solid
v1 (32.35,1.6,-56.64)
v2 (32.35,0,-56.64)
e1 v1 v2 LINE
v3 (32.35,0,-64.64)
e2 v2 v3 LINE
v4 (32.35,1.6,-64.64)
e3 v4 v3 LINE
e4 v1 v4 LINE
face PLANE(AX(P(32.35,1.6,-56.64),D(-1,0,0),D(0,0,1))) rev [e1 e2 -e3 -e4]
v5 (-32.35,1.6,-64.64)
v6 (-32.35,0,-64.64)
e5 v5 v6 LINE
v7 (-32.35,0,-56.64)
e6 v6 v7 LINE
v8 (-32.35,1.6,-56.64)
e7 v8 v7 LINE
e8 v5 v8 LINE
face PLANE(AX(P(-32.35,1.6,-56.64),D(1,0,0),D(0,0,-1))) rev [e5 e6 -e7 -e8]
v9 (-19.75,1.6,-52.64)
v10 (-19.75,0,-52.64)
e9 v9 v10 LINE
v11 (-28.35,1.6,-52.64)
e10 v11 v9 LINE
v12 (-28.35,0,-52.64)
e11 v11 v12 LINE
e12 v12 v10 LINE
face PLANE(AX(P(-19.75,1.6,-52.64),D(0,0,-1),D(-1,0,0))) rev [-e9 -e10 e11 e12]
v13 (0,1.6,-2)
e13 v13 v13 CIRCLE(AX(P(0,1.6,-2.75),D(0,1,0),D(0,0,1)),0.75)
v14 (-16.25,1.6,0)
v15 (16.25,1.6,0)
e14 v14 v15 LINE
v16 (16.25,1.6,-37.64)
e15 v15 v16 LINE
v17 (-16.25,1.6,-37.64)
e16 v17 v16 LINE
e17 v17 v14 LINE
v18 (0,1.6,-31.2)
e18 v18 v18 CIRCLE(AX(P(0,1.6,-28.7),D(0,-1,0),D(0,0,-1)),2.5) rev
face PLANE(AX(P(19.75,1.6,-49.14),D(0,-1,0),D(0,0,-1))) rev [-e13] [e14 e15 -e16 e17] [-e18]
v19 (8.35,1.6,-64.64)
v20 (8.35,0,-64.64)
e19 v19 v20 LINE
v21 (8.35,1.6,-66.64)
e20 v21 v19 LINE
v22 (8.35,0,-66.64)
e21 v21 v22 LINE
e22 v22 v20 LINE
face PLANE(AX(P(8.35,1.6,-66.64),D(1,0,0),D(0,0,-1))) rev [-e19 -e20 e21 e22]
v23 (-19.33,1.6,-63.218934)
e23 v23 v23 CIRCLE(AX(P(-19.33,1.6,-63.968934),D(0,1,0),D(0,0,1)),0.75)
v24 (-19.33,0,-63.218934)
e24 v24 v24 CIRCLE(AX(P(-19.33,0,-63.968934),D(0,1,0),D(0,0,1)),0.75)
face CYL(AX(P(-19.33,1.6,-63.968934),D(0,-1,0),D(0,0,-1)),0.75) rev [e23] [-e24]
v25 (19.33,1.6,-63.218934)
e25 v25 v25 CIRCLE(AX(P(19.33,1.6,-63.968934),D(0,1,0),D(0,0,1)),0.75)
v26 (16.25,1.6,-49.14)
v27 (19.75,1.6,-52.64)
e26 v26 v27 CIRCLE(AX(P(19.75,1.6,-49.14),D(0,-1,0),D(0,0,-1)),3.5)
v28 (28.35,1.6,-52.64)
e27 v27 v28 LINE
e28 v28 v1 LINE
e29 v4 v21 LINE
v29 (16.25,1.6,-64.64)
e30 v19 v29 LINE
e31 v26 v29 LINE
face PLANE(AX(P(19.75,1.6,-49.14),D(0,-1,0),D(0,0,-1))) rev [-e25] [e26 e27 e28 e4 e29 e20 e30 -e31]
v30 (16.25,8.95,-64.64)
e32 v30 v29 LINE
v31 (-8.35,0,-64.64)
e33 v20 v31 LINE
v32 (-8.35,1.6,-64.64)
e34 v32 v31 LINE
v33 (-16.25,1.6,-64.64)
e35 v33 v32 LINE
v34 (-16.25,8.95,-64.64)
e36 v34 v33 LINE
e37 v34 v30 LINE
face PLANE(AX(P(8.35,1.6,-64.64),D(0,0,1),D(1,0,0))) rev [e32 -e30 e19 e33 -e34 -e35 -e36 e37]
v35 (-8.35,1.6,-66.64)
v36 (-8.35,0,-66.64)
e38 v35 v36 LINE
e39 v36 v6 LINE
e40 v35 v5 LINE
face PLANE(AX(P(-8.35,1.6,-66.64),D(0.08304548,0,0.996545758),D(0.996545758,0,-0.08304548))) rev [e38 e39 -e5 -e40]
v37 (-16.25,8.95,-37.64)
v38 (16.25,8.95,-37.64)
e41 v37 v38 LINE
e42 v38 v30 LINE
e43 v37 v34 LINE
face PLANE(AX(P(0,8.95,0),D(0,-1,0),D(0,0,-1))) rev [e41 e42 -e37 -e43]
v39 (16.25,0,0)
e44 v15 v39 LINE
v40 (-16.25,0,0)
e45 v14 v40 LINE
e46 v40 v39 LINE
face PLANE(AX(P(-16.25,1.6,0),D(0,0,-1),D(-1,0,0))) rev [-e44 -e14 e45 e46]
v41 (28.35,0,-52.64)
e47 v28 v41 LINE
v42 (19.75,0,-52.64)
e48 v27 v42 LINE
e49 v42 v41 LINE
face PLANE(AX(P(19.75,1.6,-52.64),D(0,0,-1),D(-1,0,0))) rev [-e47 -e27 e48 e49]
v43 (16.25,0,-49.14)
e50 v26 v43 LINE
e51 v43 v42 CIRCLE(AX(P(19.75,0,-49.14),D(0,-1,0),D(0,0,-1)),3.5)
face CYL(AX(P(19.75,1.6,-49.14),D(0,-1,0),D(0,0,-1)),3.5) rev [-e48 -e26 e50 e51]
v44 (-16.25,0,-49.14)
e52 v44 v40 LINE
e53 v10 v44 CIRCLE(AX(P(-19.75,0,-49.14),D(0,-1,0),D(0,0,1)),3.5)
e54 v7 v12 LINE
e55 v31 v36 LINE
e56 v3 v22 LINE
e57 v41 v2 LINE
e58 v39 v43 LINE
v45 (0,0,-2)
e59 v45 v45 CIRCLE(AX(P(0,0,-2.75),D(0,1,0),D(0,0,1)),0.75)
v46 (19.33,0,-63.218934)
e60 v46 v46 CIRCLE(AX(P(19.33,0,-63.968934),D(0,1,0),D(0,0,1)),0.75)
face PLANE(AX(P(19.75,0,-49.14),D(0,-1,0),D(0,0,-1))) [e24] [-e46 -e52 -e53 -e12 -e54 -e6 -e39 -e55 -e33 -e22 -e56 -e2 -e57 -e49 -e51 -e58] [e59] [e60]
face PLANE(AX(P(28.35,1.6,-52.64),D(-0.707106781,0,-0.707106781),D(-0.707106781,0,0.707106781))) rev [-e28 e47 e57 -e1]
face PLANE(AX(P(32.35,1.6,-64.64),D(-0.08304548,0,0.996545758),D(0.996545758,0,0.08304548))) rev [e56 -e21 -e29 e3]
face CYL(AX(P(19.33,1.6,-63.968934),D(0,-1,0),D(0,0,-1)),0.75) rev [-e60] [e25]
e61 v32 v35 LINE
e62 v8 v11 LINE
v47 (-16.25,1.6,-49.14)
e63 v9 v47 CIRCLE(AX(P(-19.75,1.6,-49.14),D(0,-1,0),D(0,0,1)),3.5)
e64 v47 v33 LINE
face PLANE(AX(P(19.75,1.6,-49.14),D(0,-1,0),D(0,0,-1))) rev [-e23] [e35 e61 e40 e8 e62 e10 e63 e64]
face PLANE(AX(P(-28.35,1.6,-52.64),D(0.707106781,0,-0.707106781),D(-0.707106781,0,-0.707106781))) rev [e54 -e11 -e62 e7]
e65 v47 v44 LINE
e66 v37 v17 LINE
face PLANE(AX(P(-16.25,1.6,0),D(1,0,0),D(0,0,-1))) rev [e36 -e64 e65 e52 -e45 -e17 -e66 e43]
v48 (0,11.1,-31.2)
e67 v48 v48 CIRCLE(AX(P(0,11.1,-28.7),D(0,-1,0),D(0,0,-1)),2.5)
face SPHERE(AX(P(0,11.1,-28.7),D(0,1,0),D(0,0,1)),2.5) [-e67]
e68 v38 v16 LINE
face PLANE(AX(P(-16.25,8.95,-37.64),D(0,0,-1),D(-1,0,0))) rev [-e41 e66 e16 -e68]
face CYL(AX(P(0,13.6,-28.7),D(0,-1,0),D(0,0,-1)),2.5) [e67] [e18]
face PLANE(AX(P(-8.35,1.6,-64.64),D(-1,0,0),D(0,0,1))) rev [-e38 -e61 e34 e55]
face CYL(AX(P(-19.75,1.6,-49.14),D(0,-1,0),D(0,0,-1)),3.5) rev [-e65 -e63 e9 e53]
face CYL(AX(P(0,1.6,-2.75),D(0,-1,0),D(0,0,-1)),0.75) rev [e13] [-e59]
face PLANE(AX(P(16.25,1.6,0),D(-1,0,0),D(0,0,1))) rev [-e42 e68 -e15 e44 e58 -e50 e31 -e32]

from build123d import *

# Parameters (mm, degrees)
SKETCH1_R           = 0.75
BOSS_EXTRUDE1_DEPTH = 1.6
SKETCH2_W           = 32.5
SKETCH2_H           = 27
BOSS_EXTRUDE2_DEPTH = 7.35
SKETCH3_R           = 2.5
BOSS_EXTRUDE3_DEPTH = 12
FILLET1_R           = 2.5


with BuildPart() as part:
    # Sketch1 → Boss-Extrude1 (new body)
    with BuildSketch(Plane(origin=(0, 0, 0), x_dir=(1, 0, 0), z_dir=(0, 1, 0))):
        with BuildLine():
            Line((-16.25, 0), (16.25, 0))
            Line((16.25, 0), (16.25, 49.14))
            ThreePointArc((16.25, 49.14), (17.275126266, 51.614873734), (19.75, 52.64))
            Line((19.75, 52.64), (28.35, 52.64))
            Line((28.35, 52.64), (32.35, 56.64))
            Line((32.35, 56.64), (32.35, 64.64))
            Line((32.35, 64.64), (8.35, 66.64))
            Line((8.35, 66.64), (8.35, 64.64))
            Line((8.35, 64.64), (-8.35, 64.64))
            Line((-8.35, 64.64), (-8.35, 66.64))
            Line((-8.35, 66.64), (-32.35, 64.64))
            Line((-32.35, 64.64), (-32.35, 56.64))
            Line((-32.35, 56.64), (-28.35, 52.64))
            Line((-28.35, 52.64), (-19.75, 52.64))
            ThreePointArc((-19.75, 52.64), (-17.275126266, 51.614873734), (-16.25, 49.14))
            Line((-16.25, 49.14), (-16.25, 0))
        make_face()
        with Locations(Location((-19.33, 63.968934124, 0), (0, 0, 270))):
            Circle(SKETCH1_R, mode=Mode.SUBTRACT)
        with Locations(Location((19.33, 63.968934124, 0), (0, 0, 270))):
            Circle(SKETCH1_R, mode=Mode.SUBTRACT)
        with Locations(Location((0, 2.75, 0), (0, 0, 270))):
            Circle(SKETCH1_R, mode=Mode.SUBTRACT)
    extrude(amount=BOSS_EXTRUDE1_DEPTH)

    # Sketch2 → Boss-Extrude2 (add)
    with BuildSketch(Plane(origin=(0, 1.6, 0), x_dir=(1, 0, 0), z_dir=(0, 1, 0))):
        with Locations((0, 51.14)):
            Rectangle(SKETCH2_W, SKETCH2_H)
    extrude(amount=BOSS_EXTRUDE2_DEPTH)

    # Sketch3 → Boss-Extrude3 (add)
    with BuildSketch(Plane(origin=(0, 1.6, 0), x_dir=(1, 0, 0), z_dir=(0, 1, 0))):
        with Locations(Location((0, 28.7, 0), (0, 0, 90))):
            Circle(SKETCH3_R)
    extrude(amount=BOSS_EXTRUDE3_DEPTH)

    # Fillet1
    fillet1_edges = [part.edges().sort_by_distance(p)[0] for p in [
        (0, 13.6, -26.2),
    ]]
    fillet(fillet1_edges, radius=FILLET1_R)


solid = part.part
